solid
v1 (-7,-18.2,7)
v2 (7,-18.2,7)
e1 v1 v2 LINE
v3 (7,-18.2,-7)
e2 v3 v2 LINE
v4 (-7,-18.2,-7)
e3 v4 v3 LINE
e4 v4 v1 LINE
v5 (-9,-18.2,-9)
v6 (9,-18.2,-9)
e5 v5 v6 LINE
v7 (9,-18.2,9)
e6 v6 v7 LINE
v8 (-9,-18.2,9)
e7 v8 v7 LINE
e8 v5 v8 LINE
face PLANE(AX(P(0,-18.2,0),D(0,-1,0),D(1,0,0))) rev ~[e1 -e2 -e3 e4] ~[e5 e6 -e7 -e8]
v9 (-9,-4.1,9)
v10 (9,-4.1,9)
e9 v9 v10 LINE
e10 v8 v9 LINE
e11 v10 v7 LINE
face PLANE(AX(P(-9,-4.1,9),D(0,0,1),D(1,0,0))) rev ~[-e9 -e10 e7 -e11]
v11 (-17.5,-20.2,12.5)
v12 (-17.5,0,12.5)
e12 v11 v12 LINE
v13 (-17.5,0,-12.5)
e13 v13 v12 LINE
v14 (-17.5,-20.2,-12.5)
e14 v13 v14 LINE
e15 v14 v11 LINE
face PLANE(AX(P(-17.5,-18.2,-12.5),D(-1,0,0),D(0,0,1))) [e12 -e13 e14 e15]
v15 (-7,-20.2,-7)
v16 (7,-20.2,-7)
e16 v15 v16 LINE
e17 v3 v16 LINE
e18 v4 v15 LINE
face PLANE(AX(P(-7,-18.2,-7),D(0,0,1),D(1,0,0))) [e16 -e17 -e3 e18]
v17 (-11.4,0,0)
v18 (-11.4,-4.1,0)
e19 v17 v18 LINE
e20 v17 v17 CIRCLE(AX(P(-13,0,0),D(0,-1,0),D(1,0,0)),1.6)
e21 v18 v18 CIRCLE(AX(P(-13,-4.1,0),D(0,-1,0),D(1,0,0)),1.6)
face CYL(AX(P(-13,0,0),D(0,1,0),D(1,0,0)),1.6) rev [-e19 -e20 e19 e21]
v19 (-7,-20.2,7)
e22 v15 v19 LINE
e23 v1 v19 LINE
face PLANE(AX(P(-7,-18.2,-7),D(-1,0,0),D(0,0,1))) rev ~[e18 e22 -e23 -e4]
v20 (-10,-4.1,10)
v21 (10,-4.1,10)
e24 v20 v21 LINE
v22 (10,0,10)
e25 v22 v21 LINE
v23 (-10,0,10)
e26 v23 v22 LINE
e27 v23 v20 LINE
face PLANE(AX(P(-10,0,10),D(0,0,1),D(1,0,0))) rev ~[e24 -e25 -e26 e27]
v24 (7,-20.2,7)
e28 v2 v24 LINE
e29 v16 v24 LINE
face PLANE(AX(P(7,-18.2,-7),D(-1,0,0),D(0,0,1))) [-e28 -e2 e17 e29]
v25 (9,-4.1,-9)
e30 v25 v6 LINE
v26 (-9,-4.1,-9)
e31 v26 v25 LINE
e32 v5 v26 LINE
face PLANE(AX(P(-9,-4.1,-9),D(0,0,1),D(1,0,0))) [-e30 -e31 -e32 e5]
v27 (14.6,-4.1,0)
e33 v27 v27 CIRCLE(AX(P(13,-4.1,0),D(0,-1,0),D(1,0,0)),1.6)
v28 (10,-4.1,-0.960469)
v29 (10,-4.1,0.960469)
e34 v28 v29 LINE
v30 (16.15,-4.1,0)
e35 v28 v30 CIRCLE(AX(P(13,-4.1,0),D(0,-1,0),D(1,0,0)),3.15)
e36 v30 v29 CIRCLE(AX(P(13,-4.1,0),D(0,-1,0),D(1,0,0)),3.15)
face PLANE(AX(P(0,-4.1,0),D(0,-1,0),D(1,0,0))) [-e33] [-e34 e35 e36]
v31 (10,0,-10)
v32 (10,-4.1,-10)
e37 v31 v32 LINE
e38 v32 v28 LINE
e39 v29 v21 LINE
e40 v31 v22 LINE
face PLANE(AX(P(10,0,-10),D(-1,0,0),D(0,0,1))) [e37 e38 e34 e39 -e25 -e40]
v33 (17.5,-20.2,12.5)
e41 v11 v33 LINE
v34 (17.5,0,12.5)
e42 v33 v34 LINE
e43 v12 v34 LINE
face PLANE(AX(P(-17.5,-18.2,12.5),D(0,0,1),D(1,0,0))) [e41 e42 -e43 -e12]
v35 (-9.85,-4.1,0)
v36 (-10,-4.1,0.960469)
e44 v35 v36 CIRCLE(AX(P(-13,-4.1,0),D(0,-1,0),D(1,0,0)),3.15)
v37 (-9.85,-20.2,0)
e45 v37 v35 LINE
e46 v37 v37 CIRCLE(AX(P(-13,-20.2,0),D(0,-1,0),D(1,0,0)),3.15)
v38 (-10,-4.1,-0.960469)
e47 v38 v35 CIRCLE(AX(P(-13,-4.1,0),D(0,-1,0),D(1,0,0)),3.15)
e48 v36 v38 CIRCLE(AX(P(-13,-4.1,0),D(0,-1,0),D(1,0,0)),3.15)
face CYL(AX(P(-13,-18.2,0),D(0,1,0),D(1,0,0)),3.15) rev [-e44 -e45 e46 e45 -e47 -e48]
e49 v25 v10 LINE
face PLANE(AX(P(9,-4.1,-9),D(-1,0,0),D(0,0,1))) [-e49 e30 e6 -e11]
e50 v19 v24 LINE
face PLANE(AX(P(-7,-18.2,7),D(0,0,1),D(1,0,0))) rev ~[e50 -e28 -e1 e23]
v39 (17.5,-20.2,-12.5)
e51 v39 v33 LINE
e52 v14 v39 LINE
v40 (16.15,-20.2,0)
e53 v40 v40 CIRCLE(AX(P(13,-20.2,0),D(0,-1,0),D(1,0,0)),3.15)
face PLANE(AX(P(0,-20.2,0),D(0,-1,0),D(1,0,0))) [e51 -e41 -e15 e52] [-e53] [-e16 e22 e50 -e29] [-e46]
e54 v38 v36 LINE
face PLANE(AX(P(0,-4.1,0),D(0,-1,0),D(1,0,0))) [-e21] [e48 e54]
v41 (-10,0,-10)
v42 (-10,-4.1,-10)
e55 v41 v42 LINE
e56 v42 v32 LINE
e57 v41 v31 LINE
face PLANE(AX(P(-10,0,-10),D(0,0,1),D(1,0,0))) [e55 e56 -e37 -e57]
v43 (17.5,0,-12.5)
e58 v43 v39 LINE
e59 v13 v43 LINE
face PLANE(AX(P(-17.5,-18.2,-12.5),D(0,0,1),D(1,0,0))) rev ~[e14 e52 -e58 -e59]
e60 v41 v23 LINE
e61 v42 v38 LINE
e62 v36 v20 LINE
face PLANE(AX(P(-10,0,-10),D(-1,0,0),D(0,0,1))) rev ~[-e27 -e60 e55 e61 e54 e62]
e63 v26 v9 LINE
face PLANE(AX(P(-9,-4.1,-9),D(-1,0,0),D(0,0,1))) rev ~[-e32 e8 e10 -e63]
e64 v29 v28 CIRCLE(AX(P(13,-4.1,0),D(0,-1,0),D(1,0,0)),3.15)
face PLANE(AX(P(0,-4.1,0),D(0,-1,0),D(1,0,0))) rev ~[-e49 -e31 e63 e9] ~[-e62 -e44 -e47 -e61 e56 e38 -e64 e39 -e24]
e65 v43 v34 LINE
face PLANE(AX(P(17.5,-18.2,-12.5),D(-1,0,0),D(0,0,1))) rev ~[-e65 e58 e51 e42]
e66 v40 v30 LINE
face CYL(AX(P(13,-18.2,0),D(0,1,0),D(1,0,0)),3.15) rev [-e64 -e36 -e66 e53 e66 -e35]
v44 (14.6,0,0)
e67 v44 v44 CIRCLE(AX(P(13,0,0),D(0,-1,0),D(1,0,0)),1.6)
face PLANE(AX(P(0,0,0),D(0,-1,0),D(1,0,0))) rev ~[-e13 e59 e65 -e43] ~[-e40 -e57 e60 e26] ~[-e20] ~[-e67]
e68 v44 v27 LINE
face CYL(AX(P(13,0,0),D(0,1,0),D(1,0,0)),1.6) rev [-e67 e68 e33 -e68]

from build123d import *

# Parameters (mm, degrees)
F0_W     = 35
F0_H     = 25
F0_R     = 1.6
F0_W_2   = 20
F0_H_2   = 20
F1_DEPTH = 4.1
F2_W     = 35
F2_H     = 25
F2_R     = 3.15
F2_W_2   = 18
F2_H_2   = 18
F3_DEPTH = 14.1
F4_W     = 35
F4_H     = 25
F4_R     = 3.15
F4_W_2   = 14
F4_H_2   = 14
F5_DEPTH = 2
F6_W     = 18
F6_H     = 18
F7_DEPTH = 5


with BuildPart() as f1:
    # F0 (on Front) → F1 (new body)
    with BuildSketch(Plane.XZ):
        Rectangle(F0_W, F0_H)
        with Locations((-13, 0)):
            Circle(F0_R, mode=Mode.SUBTRACT)
        Rectangle(F0_W_2, F0_H_2, mode=Mode.SUBTRACT)
        with Locations((13, 0)):
            Circle(F0_R, mode=Mode.SUBTRACT)
    extrude(amount=F1_DEPTH)

    # F2 (on face) → F3 (join)
    with BuildSketch(Plane.XZ.offset(4.1)):
        Rectangle(F2_W, F2_H)
        with Locations((-13, 0)):
            Circle(F2_R, mode=Mode.SUBTRACT)
        Rectangle(F2_W_2, F2_H_2, mode=Mode.SUBTRACT)
        with Locations((13, 0)):
            Circle(F2_R, mode=Mode.SUBTRACT)
    extrude(amount=F3_DEPTH)

    # F4 (on face) → F5 (join)
    with BuildSketch(Plane.XZ.offset(18.2)):
        Rectangle(F4_W, F4_H)
        with Locations((-13, 0)):
            Circle(F4_R, mode=Mode.SUBTRACT)
        Rectangle(F4_W_2, F4_H_2, mode=Mode.SUBTRACT)
        with Locations((13, 0)):
            Circle(F4_R, mode=Mode.SUBTRACT)
    extrude(amount=F5_DEPTH)

    # F6 (on face) → F7 (cut)
    with BuildSketch(Plane(origin=(0, -4.1, 0), x_dir=(-1, 0, 0), z_dir=(0, 1, 0))):
        Rectangle(F6_W, F6_H)
    extrude(amount=-F7_DEPTH, mode=Mode.SUBTRACT)


solid = f1.part
